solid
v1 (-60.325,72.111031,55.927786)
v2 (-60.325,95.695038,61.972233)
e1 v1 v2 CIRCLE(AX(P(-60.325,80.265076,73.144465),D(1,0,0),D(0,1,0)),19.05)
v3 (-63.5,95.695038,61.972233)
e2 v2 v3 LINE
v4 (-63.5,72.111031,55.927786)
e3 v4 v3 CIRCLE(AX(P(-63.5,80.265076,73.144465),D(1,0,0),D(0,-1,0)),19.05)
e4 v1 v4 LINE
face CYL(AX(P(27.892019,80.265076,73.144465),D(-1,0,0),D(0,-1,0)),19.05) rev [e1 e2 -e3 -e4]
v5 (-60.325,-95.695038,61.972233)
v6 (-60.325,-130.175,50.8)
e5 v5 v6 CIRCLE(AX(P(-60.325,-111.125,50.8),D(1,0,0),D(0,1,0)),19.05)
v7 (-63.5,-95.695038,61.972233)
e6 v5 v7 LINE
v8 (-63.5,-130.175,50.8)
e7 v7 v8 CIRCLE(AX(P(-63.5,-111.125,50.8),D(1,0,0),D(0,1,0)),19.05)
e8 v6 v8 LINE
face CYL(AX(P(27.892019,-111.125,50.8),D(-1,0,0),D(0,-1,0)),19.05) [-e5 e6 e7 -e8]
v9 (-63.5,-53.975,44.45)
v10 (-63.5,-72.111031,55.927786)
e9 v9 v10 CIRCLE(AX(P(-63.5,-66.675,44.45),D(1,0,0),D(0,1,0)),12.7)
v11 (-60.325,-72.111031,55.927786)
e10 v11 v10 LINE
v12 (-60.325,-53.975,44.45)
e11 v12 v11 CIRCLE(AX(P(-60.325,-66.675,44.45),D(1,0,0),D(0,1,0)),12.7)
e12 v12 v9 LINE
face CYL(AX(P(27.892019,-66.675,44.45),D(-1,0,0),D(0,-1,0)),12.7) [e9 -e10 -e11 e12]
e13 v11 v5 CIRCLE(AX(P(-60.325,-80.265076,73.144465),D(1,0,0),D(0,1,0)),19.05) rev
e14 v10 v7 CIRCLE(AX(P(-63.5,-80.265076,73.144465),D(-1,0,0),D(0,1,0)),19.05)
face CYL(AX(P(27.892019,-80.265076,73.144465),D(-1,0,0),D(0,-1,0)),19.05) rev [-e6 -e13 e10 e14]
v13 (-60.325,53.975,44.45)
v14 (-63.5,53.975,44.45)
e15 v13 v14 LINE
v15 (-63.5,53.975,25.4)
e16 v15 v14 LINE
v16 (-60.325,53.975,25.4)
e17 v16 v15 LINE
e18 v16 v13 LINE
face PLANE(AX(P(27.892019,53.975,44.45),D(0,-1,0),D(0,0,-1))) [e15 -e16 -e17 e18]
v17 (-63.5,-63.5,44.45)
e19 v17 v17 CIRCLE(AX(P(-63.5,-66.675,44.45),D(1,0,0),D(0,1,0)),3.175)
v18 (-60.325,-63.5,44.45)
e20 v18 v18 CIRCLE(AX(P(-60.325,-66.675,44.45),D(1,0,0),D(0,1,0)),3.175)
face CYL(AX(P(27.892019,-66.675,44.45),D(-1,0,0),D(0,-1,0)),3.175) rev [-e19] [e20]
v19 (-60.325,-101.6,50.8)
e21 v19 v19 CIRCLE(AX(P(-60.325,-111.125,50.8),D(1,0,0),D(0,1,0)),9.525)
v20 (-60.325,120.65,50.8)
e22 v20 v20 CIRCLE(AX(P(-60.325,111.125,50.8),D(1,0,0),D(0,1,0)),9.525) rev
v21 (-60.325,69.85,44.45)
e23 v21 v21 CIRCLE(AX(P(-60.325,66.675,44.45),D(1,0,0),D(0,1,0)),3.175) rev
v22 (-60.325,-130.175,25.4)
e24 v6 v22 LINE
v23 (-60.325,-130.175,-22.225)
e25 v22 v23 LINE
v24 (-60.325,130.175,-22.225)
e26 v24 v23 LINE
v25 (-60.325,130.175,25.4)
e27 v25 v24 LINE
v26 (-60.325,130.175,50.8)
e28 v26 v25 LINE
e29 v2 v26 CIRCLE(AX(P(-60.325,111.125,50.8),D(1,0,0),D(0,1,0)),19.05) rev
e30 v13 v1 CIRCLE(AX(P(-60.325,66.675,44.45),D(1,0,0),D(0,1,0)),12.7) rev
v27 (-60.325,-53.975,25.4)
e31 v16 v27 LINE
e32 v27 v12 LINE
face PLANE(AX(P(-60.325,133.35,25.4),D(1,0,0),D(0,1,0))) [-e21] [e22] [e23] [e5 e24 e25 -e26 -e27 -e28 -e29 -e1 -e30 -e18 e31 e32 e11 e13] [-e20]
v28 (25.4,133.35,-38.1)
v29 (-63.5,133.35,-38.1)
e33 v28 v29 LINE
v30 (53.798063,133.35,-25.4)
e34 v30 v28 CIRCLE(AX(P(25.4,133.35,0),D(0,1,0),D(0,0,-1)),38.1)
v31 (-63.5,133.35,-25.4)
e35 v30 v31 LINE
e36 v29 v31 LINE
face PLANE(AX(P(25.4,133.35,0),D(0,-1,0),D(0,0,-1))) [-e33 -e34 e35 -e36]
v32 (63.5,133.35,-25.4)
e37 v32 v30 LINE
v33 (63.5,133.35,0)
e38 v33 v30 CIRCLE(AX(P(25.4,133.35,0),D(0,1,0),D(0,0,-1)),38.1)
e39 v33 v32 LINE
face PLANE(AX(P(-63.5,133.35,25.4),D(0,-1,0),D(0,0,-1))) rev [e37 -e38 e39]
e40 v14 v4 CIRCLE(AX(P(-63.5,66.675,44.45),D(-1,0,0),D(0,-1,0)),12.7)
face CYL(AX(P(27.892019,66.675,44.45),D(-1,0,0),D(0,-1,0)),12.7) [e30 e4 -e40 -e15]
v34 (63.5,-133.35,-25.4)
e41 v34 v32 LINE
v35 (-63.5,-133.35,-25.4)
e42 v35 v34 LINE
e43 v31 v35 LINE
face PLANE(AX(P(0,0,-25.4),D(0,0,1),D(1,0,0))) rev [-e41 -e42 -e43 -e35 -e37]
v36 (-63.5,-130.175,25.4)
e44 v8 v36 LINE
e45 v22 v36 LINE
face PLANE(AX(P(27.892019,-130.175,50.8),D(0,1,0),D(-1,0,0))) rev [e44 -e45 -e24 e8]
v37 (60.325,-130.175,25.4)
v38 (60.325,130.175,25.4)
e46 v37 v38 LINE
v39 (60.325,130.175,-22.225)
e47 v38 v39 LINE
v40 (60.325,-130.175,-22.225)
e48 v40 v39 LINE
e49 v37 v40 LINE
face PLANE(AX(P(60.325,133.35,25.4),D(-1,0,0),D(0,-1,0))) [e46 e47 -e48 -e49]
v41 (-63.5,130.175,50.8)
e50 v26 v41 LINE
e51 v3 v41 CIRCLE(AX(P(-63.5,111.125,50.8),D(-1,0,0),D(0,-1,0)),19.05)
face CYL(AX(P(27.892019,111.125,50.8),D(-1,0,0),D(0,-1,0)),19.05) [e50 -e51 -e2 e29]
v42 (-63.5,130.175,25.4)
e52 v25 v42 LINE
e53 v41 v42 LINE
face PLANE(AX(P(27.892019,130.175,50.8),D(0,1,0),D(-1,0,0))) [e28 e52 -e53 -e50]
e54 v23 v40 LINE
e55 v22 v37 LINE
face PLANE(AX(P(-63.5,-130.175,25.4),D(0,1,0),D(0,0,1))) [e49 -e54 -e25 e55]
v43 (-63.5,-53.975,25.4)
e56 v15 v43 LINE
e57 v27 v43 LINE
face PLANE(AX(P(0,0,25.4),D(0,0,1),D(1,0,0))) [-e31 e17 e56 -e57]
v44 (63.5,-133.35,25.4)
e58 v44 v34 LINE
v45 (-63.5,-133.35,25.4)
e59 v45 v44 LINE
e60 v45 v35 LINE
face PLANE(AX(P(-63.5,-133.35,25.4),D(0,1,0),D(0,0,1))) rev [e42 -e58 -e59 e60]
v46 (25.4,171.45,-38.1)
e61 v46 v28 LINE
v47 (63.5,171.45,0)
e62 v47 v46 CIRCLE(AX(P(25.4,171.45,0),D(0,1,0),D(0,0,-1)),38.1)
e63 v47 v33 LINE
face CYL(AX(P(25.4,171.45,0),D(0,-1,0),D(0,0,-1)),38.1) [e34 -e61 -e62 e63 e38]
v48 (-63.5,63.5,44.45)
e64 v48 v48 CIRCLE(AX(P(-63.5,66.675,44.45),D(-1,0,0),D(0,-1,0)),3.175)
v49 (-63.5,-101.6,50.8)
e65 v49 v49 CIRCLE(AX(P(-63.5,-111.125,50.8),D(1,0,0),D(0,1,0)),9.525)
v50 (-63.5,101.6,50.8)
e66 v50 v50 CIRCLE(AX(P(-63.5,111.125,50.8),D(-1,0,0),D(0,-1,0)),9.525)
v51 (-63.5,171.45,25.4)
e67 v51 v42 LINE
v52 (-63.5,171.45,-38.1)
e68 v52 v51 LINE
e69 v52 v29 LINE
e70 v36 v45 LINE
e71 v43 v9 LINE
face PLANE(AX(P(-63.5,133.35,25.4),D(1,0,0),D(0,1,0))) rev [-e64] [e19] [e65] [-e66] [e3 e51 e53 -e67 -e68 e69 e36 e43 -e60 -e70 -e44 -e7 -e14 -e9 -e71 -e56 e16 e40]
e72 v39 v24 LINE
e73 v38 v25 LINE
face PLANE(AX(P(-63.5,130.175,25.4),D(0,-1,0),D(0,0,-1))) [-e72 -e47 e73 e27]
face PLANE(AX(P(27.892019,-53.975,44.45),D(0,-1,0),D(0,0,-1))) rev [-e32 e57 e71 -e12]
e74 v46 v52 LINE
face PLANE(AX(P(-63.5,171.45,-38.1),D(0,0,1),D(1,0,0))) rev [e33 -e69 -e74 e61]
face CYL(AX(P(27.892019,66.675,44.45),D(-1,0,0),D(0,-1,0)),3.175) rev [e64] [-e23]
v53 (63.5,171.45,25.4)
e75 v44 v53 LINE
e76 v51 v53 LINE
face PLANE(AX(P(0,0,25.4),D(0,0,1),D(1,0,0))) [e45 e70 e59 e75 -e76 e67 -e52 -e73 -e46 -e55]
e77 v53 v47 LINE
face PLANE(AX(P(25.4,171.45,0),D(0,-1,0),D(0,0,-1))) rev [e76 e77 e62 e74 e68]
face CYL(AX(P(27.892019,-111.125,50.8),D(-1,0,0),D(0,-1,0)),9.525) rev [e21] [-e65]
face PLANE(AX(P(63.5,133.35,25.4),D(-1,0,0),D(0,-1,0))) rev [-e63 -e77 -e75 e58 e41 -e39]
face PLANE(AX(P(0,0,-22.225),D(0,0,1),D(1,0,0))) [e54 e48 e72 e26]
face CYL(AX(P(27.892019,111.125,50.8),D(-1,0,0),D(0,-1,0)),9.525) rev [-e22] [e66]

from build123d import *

# Parameters (mm, degrees)
SKETCH1_W           = 127
SKETCH1_H           = 266.7
BOSS_EXTRUDE1_DEPTH = 25.4
SHELL1_T            = -3.175
SKETCH2_R           = 9.525
SKETCH2_R_2         = 3.175
BOSS_EXTRUDE2_DEPTH = 3.175
BOSS_EXTRUDE3_DEPTH = 38.1


with BuildPart() as part:
    # Sketch1 → Boss-Extrude1 (new, symmetric)
    with BuildSketch(Plane.XY):
        Rectangle(SKETCH1_W, SKETCH1_H)
    extrude(amount=BOSS_EXTRUDE1_DEPTH, both=True)

    # Shell1
    shell1_openings = [part.faces().sort_by_distance(p)[0] for p in [
        (0, 0, 25.4),
    ]]
    offset(amount=SHELL1_T, openings=shell1_openings, kind=Kind.INTERSECTION)

    # Sketch2 → Boss-Extrude2 (add)
    with BuildSketch(Plane.ZY.offset(63.5)):
        with BuildLine():
            Line((50.8, 130.175), (25.4, 130.175))
            Line((25.4, 130.175), (25.4, 53.975))
            Line((25.4, 53.975), (44.45, 53.975))
            ThreePointArc((44.45, 53.975), (55.181439518, 59.883372369), (55.927786008, 72.11103057))
            ThreePointArc((55.927786008, 72.11103057), (54.690903616, 84.99461885), (61.97223251, 95.695038213))
            ThreePointArc((61.97223251, 95.695038213), (68.922407015, 116.99704087), (50.8, 130.175))
        make_face()
        with Locations(Location((50.8, 111.125, 0), (0, 0, 270))):
            Circle(SKETCH2_R, mode=Mode.SUBTRACT)
        with Locations(Location((44.45, 66.675, 0), (0, 0, 270))):
            Circle(SKETCH2_R_2, mode=Mode.SUBTRACT)
    boss_extrude2 = extrude(amount=-BOSS_EXTRUDE2_DEPTH)

    # Sketch3 → Boss-Extrude3 (add)
    with BuildSketch(Plane(origin=(0, 133.35, 0), x_dir=(1, 0, 0), z_dir=(0, 1, 0))):
        with BuildLine():
            Line((63.5, -25.4), (-63.5, -25.4))
            Line((-63.5, -25.4), (-63.5, 38.1))
            Line((-63.5, 38.1), (25.4, 38.1))
            ThreePointArc((25.4, 38.1), (52.340768363, 26.940768363), (63.5, 0))
            Line((63.5, 0), (63.5, -25.4))
        make_face()
    extrude(amount=BOSS_EXTRUDE3_DEPTH)

    # Mirror1: Boss-Extrude2 across plane
    add(boss_extrude2.mirror(Plane.ZX))


solid = part.part
